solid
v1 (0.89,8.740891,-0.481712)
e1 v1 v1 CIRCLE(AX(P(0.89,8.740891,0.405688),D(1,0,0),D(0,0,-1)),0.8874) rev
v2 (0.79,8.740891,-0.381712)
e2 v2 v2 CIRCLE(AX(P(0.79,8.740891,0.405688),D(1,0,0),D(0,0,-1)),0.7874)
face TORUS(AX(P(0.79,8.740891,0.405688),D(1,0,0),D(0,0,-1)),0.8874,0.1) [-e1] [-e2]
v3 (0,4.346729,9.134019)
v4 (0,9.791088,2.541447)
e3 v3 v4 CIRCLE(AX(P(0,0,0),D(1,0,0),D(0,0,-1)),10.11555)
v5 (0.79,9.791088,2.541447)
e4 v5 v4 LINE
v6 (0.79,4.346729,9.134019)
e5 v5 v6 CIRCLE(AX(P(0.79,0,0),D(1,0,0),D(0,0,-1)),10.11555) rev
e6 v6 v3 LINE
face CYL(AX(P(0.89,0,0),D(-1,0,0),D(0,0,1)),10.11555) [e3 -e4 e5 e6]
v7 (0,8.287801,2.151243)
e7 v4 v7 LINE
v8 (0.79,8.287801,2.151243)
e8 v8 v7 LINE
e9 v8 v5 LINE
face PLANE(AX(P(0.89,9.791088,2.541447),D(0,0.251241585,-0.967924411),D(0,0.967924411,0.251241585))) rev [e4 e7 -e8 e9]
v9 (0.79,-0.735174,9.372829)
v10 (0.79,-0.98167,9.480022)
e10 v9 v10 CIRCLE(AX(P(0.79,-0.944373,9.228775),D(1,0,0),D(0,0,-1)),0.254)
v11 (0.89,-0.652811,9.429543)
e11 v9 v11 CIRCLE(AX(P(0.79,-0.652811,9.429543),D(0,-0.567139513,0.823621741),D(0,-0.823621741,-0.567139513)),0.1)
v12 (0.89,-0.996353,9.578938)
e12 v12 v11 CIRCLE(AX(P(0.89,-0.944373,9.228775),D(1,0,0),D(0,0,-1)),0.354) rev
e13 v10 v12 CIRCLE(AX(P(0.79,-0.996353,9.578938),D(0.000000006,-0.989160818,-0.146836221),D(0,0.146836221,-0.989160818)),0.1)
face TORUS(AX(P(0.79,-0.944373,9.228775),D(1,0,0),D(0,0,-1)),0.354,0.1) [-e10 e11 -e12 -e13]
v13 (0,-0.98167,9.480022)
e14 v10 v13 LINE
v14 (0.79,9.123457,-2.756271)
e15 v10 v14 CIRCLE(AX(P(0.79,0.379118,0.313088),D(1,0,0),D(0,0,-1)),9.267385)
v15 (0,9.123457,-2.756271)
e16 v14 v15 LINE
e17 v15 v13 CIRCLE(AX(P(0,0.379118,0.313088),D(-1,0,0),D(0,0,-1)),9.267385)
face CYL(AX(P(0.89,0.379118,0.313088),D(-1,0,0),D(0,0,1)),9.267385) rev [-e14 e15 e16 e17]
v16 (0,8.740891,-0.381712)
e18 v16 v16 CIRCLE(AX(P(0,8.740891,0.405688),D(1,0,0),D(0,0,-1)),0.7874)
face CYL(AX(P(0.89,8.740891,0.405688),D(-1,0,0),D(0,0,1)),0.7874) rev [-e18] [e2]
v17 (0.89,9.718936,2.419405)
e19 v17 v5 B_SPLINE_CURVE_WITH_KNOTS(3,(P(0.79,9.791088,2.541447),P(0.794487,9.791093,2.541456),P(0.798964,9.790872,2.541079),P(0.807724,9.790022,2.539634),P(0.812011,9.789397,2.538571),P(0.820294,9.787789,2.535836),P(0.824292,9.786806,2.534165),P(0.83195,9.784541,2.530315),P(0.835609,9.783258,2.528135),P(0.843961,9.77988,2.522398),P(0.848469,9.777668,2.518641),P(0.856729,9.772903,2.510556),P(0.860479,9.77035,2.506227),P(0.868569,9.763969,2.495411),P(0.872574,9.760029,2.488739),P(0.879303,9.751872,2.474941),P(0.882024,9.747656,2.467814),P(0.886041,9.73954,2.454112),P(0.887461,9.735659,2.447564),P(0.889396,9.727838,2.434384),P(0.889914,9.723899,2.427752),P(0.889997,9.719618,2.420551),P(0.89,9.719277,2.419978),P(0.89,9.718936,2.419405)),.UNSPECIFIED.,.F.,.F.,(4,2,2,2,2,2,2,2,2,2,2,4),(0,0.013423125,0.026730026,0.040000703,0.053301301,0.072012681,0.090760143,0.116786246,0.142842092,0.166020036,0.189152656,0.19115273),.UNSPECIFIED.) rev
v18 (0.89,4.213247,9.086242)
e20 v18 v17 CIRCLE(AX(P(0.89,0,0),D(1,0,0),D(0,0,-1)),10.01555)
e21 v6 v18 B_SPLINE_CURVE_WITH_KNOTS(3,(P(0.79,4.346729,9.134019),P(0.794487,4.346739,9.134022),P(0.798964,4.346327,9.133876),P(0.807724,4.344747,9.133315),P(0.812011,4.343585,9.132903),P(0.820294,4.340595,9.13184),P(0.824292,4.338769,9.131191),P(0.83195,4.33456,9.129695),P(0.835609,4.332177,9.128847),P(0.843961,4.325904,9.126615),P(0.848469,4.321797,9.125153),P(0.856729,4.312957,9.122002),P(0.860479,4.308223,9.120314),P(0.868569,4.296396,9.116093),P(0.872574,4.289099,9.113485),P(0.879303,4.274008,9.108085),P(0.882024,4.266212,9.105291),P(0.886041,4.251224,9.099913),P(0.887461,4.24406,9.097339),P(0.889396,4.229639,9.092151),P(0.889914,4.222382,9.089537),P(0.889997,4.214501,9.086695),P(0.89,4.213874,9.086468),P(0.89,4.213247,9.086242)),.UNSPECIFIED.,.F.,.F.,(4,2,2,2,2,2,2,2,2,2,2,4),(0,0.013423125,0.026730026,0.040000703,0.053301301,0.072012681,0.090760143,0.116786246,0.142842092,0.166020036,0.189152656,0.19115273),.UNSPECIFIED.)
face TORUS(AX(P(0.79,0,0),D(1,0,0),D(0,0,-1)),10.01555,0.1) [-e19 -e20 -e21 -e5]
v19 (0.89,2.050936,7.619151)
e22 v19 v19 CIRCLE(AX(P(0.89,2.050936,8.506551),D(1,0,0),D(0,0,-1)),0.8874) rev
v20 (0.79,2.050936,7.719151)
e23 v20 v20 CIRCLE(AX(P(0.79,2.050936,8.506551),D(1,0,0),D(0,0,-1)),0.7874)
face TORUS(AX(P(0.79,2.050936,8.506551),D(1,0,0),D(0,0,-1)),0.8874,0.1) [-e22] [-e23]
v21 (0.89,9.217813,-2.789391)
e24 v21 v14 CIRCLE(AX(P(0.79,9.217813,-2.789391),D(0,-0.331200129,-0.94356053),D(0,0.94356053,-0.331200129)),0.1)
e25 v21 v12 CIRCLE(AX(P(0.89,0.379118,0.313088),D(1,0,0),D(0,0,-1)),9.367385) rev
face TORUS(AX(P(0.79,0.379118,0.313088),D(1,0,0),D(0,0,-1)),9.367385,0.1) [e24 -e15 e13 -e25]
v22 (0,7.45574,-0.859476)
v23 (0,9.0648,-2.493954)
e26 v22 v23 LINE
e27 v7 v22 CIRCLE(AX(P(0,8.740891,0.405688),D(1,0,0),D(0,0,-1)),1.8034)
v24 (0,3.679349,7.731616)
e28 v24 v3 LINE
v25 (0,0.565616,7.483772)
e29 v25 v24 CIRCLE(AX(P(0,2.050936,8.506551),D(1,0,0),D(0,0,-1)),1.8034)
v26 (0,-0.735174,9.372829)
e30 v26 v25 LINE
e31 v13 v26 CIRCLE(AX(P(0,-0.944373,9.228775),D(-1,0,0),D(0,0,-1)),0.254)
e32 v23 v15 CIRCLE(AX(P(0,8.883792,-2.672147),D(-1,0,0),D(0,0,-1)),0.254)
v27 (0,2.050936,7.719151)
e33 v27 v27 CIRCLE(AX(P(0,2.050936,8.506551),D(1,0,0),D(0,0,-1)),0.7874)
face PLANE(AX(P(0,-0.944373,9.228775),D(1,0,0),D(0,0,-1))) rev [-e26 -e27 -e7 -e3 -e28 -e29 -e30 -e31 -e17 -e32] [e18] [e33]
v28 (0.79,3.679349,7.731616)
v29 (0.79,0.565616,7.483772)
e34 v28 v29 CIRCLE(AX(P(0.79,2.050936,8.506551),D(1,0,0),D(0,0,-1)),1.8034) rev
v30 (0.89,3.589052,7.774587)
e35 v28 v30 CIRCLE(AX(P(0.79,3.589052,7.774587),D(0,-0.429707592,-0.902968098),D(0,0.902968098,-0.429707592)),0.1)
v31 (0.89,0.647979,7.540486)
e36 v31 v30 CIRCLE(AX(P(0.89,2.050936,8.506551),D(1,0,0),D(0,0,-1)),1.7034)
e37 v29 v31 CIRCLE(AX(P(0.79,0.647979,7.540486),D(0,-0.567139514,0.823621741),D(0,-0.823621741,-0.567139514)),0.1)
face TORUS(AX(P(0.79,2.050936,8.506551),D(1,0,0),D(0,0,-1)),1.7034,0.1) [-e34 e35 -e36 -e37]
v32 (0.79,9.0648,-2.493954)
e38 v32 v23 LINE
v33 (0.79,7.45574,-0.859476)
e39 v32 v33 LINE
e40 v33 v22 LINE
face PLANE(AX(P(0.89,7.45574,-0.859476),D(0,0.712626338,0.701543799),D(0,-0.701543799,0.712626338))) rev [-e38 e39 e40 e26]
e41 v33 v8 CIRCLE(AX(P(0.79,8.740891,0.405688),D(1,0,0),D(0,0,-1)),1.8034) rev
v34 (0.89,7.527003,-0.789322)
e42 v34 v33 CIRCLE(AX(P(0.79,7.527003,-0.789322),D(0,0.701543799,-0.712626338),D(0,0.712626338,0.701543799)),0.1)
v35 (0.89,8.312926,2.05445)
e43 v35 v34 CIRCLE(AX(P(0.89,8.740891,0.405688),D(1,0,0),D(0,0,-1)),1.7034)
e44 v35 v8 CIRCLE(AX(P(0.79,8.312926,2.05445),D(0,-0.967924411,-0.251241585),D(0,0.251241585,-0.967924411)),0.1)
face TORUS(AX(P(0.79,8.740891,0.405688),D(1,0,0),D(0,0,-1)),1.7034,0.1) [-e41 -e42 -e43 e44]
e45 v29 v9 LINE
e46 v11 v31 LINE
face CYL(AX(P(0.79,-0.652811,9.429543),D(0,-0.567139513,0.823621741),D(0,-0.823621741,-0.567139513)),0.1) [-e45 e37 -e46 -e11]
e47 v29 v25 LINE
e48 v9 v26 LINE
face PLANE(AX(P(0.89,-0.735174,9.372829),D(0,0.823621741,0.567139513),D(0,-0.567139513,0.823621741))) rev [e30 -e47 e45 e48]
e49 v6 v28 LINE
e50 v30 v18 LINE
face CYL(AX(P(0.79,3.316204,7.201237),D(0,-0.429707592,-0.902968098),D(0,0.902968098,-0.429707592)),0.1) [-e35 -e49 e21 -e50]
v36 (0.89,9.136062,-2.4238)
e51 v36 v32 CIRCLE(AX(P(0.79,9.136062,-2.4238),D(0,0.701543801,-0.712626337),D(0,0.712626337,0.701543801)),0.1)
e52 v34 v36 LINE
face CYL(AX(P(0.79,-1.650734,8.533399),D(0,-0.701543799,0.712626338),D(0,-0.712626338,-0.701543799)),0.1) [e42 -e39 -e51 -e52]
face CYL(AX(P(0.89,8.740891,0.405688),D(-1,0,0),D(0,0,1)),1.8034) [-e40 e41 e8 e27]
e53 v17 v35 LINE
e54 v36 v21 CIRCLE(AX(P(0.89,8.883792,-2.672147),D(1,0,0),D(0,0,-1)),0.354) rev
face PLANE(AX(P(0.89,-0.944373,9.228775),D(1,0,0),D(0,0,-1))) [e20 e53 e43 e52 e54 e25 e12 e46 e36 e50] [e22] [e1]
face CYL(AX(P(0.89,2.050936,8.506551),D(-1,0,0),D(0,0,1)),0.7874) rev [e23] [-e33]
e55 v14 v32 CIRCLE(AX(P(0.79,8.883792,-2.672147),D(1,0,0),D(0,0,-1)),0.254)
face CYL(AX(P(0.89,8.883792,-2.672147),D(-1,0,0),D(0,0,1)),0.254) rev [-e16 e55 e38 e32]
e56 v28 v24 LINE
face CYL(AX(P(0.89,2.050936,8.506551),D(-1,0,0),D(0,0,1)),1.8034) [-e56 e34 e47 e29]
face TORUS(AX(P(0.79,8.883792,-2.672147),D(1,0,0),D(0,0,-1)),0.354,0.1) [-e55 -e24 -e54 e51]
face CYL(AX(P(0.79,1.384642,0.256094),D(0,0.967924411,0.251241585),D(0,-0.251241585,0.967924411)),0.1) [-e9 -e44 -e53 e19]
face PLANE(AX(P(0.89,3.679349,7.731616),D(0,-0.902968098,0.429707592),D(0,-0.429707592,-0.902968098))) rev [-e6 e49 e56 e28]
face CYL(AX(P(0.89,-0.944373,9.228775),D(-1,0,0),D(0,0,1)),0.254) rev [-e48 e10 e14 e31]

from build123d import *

# Parameters (mm, degrees)
SKETCH1_R           = 0.7874
BOSS_EXTRUDE1_DEPTH = 0.89
FILLET1_R           = 0.1


with BuildPart() as part:
    # Sketch1 → Boss-Extrude1 (new body)
    with BuildSketch(Plane(origin=(0, 0, 0), x_dir=(0, 0, -1), z_dir=(1, 0, 0))):
        with BuildLine():
            Line((-9.372828774, -0.73517355), (-7.483771729, 0.565616411))
            ThreePointArc((-7.483771729, 0.565616411), (-6.708837054, 2.194029076), (-7.731616452, 3.679348524))
            Line((-7.731616452, 3.679348524), (-9.134018919, 4.346728677))
            ThreePointArc((-9.134018919, 4.346728677), (6.441225552, -7.799677249), (-2.541446831, 9.791087775))
            Line((-2.541446831, 9.791087775), (-2.151242771, 8.287801467))
            ThreePointArc((-2.151242771, 8.287801467), (-0.886078684, 7.002651136), (0.859476194, 7.45574021))
            Line((0.859476194, 7.45574021), (2.493954423, 9.06479955))
            ThreePointArc((2.493954423, 9.06479955), (2.616717918, 9.131670791), (2.756271382, 9.123456835))
            ThreePointArc((2.756271382, 9.123456835), (5.588056342, -6.766575002), (-9.480022186, -0.981669875))
            ThreePointArc((-9.480022186, -0.981669875), (-9.461703842, -0.843080275), (-9.372828774, -0.73517355))
        make_face()
        with Locations((-8.506551123, 2.050935853)):
            Circle(SKETCH1_R, mode=Mode.SUBTRACT)
        with Locations((-0.405687887, 8.740890535)):
            Circle(SKETCH1_R, mode=Mode.SUBTRACT)
    extrude(amount=BOSS_EXTRUDE1_DEPTH)

    # Fillet1
    fillet1_edges = [part.edges().sort_by_distance(p)[0] for p in [
        (0.89, 2.194029076, 6.708837054),
        (0.89, 4.0130386, 8.432817685),
        (0.89, -7.799677249, -6.441225552),
        (0.89, 9.039444621, 2.346344801),
        (0.89, 2.050935853, 9.293951123),
        (0.89, 7.002651136, 0.886078684),
        (0.89, 8.740890535, 1.193087887),
        (0.89, 8.26026988, -1.676715309),
        (0.89, 9.131670791, -2.616717918),
        (0.89, -6.766575002, -5.588056342),
        (0.89, -0.843080275, 9.461703842),
        (0.89, -0.08477857, 8.428300251),
    ]]
    fillet(fillet1_edges, radius=FILLET1_R)


solid = part.part
